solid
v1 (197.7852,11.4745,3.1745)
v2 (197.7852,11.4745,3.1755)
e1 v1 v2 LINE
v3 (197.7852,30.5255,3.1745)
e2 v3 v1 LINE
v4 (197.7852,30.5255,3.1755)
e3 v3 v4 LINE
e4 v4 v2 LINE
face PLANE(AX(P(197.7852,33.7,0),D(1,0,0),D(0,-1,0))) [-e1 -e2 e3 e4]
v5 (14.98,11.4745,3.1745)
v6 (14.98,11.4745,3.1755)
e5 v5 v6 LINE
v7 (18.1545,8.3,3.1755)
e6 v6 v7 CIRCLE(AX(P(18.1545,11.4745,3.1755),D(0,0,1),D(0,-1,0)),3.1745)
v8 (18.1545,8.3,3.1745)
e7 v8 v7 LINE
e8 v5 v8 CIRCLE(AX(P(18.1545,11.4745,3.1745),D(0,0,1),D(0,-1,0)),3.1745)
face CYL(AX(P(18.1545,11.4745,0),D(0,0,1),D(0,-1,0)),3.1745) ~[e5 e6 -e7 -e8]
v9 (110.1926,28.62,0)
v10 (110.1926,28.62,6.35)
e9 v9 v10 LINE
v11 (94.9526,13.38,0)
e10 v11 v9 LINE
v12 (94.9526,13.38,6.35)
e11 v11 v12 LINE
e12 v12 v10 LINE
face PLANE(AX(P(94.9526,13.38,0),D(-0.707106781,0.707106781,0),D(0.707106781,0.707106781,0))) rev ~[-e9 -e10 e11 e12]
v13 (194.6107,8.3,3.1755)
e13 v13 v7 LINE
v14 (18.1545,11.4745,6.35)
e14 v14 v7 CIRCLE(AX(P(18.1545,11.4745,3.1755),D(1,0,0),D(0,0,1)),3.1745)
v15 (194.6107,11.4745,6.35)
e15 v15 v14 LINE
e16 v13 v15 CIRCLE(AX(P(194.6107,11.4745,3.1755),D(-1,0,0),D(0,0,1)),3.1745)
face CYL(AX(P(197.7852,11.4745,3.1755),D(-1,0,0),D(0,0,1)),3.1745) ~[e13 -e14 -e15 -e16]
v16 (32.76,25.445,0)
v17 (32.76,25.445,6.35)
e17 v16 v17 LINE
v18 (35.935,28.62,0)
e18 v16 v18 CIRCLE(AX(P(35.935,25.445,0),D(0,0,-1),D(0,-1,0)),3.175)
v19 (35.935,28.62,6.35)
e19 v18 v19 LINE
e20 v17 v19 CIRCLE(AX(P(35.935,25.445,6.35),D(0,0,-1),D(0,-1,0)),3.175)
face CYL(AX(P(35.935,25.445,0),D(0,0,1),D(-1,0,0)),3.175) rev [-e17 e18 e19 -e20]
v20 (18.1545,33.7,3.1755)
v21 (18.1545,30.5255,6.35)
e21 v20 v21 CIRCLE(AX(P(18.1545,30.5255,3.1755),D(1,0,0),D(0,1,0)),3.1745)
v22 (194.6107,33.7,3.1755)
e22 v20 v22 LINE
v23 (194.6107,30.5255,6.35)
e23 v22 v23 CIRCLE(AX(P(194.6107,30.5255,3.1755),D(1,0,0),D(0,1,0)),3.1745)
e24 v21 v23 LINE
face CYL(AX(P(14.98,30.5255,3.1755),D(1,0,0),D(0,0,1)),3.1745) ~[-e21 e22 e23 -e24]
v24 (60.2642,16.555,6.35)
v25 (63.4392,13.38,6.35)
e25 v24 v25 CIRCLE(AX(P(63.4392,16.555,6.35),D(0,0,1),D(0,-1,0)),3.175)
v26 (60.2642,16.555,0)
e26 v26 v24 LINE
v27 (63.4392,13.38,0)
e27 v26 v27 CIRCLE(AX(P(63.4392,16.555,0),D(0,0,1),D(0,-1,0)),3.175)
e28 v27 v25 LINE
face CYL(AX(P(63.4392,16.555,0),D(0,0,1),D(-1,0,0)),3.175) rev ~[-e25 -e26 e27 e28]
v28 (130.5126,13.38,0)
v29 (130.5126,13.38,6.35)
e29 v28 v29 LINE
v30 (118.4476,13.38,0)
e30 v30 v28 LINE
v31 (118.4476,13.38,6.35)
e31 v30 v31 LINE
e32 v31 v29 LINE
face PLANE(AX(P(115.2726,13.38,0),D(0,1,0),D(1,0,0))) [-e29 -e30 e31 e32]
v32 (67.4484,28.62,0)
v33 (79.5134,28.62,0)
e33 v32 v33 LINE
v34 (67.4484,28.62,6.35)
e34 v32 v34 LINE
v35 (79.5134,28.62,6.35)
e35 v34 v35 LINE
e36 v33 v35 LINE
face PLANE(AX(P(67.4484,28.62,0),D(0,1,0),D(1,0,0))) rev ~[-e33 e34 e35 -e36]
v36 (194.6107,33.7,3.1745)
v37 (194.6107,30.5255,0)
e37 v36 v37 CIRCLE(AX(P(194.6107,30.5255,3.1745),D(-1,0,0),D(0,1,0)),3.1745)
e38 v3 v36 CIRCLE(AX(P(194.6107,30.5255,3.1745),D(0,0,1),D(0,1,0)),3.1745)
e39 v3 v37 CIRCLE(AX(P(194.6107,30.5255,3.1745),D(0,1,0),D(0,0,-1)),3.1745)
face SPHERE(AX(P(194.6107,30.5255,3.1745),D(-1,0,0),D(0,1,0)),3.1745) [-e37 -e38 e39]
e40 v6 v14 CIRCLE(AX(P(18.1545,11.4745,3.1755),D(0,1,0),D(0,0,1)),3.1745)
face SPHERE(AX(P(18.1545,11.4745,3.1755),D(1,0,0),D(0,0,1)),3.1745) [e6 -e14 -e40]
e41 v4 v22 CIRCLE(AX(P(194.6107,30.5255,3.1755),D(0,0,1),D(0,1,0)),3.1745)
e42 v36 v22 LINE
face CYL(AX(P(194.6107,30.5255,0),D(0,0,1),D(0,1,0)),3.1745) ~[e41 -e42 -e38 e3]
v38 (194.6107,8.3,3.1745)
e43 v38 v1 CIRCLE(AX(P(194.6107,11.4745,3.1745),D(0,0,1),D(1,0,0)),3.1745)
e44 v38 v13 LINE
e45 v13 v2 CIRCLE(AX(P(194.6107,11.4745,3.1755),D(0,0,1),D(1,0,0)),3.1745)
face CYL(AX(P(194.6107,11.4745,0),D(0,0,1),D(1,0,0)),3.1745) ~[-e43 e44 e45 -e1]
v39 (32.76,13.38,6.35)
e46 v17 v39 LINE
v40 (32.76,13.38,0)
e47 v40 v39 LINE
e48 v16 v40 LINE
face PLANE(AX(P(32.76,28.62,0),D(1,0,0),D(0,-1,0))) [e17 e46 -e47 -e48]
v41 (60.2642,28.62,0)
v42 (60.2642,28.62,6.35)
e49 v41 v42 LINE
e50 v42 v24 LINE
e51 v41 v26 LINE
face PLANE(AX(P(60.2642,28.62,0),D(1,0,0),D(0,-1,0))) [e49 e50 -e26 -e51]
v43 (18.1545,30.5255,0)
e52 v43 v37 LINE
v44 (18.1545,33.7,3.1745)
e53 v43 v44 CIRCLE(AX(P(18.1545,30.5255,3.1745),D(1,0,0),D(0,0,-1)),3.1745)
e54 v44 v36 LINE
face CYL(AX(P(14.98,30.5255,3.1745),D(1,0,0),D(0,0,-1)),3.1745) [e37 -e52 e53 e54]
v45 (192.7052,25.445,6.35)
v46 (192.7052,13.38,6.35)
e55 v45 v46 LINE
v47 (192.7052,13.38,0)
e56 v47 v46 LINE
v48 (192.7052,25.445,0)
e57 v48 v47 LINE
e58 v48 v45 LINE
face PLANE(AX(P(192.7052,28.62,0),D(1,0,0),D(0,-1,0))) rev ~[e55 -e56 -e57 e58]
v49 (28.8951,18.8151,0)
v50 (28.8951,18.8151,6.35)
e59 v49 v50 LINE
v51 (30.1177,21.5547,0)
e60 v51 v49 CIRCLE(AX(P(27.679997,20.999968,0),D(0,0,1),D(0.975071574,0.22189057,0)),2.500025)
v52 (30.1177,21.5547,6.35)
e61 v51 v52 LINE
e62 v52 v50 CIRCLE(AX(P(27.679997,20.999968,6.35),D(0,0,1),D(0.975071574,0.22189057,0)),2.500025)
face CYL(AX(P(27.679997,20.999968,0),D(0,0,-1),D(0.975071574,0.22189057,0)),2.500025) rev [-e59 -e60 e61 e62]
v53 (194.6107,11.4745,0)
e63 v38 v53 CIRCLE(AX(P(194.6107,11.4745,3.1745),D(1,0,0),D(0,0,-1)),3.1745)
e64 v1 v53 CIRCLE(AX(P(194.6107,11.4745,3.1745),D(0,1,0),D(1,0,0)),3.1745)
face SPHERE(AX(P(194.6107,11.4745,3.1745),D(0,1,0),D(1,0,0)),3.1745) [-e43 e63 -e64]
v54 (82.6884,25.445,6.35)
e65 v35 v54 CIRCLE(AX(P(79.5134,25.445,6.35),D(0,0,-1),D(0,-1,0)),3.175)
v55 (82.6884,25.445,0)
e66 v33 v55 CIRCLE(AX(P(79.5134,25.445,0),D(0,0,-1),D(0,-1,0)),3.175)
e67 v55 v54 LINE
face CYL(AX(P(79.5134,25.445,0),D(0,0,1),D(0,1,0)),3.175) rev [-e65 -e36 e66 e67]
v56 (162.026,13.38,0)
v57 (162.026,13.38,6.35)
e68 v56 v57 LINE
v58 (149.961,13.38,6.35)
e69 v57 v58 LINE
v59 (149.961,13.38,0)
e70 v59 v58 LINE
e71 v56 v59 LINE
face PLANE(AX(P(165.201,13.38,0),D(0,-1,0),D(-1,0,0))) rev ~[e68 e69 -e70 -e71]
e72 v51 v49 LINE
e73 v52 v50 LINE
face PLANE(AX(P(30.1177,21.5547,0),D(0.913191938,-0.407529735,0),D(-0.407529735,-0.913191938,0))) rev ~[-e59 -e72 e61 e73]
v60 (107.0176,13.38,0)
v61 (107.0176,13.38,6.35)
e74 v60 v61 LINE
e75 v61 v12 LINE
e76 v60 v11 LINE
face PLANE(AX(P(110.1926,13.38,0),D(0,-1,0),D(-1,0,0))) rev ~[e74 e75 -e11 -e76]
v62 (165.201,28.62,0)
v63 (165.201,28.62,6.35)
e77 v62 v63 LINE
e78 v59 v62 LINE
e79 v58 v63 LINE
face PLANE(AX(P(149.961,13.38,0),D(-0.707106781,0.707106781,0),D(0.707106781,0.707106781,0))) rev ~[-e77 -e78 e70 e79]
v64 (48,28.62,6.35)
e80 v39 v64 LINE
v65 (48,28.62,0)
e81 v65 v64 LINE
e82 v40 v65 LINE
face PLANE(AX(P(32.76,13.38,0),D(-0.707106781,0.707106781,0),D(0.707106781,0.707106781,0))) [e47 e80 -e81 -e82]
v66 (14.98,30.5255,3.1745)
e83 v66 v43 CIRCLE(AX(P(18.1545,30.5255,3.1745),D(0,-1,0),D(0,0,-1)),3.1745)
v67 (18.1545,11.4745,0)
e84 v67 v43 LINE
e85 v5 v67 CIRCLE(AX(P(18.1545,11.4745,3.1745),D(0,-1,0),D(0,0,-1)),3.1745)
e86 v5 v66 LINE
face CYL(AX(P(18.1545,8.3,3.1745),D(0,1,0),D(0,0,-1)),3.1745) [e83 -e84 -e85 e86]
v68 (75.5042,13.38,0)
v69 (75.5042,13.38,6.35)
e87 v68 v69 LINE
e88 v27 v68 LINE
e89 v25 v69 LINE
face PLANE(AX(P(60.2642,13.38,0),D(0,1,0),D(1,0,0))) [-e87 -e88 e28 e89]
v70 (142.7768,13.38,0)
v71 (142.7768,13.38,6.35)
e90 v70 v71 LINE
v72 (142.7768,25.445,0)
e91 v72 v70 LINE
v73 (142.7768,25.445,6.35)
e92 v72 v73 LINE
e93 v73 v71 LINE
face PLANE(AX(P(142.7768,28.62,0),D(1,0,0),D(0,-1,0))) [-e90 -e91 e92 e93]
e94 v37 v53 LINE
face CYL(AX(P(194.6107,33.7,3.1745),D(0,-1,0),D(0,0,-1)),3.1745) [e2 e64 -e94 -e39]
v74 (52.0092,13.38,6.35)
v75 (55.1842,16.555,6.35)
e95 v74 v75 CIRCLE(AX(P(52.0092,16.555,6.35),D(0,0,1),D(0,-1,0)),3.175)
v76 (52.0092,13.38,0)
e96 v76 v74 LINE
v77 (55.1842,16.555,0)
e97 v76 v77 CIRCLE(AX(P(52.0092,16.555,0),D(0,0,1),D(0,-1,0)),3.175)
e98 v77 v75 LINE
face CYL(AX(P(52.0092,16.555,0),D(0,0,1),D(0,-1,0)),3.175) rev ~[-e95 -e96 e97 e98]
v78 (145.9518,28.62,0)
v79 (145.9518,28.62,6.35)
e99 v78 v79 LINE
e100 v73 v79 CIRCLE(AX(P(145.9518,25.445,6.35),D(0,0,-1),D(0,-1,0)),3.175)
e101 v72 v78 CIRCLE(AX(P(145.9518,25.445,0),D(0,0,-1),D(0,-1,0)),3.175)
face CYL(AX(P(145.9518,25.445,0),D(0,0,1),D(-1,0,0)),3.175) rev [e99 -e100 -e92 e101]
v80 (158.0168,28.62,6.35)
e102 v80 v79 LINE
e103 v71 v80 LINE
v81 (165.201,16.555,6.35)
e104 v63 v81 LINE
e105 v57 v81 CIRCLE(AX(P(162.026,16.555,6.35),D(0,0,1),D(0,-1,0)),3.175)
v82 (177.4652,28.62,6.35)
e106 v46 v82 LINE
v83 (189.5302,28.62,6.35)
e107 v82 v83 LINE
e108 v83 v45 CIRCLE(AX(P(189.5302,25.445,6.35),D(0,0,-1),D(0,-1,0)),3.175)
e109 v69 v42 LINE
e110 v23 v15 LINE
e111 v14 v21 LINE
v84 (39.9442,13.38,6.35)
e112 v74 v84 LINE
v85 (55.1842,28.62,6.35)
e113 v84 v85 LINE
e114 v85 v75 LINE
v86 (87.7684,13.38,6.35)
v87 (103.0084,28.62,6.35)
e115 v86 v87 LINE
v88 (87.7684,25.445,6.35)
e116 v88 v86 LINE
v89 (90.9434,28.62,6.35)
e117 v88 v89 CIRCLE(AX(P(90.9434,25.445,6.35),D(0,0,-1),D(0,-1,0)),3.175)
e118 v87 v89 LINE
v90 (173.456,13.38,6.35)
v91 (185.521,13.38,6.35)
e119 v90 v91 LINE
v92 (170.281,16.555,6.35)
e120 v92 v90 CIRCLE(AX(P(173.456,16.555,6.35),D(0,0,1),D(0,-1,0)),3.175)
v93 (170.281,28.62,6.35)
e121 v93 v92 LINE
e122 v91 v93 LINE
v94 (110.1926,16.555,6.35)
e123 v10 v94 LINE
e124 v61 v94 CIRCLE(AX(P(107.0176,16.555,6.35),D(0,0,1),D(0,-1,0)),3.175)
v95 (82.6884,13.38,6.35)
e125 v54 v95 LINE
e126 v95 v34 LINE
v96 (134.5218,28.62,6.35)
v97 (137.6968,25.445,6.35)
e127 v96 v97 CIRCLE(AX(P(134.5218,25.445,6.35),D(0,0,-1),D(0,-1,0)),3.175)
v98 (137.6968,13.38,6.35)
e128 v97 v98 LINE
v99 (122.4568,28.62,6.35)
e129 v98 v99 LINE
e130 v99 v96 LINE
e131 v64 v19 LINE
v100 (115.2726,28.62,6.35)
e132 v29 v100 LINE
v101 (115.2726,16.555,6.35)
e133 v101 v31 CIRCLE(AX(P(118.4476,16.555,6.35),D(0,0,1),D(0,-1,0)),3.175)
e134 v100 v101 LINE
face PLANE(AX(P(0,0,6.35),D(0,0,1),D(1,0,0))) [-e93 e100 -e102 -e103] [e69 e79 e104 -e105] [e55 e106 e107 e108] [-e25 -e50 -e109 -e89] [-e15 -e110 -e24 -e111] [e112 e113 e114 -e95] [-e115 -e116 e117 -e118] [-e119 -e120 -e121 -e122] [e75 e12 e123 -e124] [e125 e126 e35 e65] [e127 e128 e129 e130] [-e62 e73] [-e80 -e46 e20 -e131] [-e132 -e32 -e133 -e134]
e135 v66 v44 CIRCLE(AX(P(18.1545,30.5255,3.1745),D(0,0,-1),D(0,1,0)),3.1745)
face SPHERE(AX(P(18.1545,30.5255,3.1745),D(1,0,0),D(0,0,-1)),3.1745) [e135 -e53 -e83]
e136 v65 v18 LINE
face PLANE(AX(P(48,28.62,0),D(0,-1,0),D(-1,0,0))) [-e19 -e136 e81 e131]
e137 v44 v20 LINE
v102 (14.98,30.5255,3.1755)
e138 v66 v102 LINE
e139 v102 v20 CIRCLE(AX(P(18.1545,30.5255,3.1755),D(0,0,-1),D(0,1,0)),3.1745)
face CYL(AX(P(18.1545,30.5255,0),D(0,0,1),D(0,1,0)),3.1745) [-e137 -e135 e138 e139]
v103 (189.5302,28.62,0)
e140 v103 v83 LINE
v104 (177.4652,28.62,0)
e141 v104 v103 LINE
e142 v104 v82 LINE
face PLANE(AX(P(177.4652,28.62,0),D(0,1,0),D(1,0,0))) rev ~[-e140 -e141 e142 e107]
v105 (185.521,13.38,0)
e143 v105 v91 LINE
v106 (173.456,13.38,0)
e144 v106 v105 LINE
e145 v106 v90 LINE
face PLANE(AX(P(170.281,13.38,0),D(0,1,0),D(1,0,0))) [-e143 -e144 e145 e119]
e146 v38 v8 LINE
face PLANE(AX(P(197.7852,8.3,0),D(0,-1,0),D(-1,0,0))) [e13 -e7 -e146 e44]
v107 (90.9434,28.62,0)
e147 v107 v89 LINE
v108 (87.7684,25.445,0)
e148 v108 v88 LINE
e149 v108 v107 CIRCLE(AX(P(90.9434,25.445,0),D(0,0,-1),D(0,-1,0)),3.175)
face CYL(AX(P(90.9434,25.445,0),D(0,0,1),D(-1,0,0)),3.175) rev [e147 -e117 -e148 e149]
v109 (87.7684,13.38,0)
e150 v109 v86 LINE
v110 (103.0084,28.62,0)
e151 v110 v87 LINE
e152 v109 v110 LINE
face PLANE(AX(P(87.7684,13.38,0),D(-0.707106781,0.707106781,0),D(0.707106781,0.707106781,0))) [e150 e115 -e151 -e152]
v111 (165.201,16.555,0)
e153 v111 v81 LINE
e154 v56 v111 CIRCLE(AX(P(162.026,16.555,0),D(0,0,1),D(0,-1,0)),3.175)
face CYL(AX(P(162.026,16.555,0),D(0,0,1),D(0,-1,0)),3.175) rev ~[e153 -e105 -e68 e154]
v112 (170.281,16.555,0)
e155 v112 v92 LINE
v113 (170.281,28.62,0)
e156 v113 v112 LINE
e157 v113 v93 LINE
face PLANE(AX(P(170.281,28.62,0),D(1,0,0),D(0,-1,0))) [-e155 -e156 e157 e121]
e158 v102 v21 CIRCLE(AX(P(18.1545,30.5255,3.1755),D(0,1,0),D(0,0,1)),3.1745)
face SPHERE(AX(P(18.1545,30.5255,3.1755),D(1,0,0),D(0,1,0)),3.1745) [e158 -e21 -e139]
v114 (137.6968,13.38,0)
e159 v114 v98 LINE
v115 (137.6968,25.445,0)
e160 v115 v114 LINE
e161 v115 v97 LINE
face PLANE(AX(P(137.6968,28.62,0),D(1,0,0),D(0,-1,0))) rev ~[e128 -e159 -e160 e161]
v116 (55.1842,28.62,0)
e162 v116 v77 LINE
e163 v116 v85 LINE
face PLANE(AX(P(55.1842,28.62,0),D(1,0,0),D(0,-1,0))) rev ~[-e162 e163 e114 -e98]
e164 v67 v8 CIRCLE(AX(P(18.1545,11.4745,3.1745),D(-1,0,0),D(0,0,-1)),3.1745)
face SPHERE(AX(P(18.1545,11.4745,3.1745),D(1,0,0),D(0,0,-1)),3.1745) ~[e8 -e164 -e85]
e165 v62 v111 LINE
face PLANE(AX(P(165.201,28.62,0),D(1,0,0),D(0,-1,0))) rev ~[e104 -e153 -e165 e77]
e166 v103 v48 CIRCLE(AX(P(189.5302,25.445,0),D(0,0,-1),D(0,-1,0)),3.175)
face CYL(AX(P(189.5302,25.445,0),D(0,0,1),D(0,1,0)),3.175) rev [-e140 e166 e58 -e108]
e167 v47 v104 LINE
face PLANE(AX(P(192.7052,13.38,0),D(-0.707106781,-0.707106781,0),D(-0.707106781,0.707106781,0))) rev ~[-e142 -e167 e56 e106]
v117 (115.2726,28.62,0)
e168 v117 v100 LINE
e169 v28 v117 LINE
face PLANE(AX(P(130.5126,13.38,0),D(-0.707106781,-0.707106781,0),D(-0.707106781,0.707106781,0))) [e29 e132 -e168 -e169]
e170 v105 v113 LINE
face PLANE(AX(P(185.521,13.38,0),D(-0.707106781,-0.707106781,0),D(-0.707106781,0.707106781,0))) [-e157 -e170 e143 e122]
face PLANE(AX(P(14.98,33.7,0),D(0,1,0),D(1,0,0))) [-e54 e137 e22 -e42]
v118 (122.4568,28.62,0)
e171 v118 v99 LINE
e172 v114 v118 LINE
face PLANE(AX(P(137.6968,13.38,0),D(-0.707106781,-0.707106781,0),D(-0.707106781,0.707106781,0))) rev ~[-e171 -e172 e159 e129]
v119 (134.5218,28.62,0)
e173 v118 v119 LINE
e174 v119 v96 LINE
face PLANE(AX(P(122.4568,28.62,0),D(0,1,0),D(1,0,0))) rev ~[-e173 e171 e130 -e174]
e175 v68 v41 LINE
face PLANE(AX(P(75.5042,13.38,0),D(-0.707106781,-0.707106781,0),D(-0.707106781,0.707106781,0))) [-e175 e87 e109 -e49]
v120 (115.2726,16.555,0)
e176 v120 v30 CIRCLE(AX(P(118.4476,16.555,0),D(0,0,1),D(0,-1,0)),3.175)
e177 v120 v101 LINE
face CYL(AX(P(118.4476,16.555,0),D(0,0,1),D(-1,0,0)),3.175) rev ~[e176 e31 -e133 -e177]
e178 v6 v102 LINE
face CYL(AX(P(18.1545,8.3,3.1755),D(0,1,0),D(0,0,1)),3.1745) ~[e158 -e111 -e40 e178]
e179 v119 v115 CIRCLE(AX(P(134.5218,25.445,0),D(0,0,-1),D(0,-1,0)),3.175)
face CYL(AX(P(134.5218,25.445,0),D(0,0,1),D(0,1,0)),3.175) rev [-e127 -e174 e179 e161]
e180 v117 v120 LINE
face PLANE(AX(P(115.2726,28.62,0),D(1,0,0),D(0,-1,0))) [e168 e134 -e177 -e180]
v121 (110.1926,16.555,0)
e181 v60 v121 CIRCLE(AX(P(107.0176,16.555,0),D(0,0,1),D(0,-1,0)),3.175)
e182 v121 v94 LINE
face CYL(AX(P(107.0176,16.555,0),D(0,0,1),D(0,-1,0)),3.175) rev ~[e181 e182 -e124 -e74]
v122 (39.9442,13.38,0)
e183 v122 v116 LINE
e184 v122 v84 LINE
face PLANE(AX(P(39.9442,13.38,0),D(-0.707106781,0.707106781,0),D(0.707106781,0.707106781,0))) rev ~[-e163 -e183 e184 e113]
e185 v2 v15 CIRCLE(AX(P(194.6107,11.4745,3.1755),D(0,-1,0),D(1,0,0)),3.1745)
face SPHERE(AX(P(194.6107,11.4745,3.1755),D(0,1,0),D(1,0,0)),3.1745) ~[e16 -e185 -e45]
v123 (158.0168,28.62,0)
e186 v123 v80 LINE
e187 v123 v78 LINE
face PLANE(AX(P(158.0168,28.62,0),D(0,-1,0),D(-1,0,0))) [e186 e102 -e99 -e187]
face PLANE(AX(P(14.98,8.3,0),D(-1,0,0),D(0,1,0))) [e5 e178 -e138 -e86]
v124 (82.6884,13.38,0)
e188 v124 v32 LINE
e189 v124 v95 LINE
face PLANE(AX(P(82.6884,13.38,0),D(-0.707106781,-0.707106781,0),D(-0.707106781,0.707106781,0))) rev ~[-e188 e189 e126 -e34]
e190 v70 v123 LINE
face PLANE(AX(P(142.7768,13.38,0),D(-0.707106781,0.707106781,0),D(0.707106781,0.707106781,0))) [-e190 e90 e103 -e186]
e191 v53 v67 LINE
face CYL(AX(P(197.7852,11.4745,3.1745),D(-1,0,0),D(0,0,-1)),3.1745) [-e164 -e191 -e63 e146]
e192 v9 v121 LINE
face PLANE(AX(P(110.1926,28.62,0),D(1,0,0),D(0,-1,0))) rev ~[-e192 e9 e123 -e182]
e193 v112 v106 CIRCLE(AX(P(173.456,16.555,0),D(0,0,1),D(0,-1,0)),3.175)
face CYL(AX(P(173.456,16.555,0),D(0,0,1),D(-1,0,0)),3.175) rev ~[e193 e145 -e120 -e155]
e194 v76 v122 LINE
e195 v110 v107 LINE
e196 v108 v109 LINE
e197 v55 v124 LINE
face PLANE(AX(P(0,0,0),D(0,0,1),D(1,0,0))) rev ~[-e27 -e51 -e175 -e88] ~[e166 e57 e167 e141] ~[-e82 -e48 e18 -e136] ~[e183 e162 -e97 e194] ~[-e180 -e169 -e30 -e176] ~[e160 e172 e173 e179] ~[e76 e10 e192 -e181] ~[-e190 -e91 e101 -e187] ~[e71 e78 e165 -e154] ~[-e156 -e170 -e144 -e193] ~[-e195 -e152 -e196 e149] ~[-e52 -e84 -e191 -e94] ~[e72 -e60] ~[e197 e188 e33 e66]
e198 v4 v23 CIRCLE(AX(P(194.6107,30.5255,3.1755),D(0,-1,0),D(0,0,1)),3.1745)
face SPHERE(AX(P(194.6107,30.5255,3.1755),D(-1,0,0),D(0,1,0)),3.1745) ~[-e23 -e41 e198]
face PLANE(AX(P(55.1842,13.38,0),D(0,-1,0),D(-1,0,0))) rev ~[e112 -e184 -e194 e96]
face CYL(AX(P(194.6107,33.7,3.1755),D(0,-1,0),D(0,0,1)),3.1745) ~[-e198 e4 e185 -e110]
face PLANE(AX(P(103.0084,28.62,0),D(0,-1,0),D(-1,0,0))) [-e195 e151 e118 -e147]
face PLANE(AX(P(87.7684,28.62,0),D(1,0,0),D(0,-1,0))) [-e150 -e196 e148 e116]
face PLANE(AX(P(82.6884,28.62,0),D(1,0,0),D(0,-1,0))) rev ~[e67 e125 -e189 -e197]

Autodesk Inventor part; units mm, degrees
ref_plane "YZ Plane" through (0, 0, 0) normal (1, 0, 0) x (0, 1, 0)
ref_plane "XZ Plane" through (0, 0, 0) normal (0, 1, 0) x (-1, 0, 0)
ref_plane "XY Plane" through (0, 0, 0) normal (0, 0, 1) x (1, 0, 0)
sketch "Sketch1" plane through (0, 0, 0) normal (0, 0, 1) x (1, 0, 0)
  line L0 (14.98, 33.7) -> (197.7852, 33.7)
  line L1 (197.7852, 8.3) -> (14.98, 8.3)
  line L2 (14.98, 8.3) -> (14.98, 33.7)
  arc A0 (30.1177, 21.5547) -> (28.8951, 18.8151) centre (27.68, 21) ccw projected
  line L3 (30.1177, 21.5547) -> (28.8951, 18.8151)
  line L4 (-3.175, 42) -> (-122.9515, 42) projected
  line L5 (137.6968, 28.62) -> (137.6968, 13.38)
  line L6 (137.6968, 13.38) -> (122.4568, 28.62)
  line L7 (122.4568, 28.62) -> (137.6968, 28.62)
  line L8 (130.5126, 13.38) -> (115.2726, 28.62)
  line L9 (115.2726, 28.62) -> (115.2726, 13.38)
  line L10 (115.2726, 13.38) -> (130.5126, 13.38)
  line L11 (112.7326, 10.7487) -> (112.7326, 41.4812) construction
  line L12 (87.7684, 28.62) -> (87.7684, 13.38)
  line L13 (87.7684, 13.38) -> (103.0084, 28.62)
  line L14 (103.0084, 28.62) -> (87.7684, 28.62)
  line L15 (94.9526, 13.38) -> (110.1926, 28.62)
  line L16 (110.1926, 28.62) -> (110.1926, 13.38)
  line L17 (110.1926, 13.38) -> (94.9526, 13.38)
  line L18 (85.2284, 8.9371) -> (85.2284, 32.7241) construction
  line L19 (32.76, 28.62) -> (32.76, 13.38)
  line L20 (32.76, 13.38) -> (48, 28.62)
  line L21 (48, 28.62) -> (32.76, 28.62)
  line L22 (39.9442, 13.38) -> (55.1842, 28.62)
  line L23 (55.1842, 28.62) -> (55.1842, 13.38)
  line L24 (55.1842, 13.38) -> (39.9442, 13.38)
  line L25 (82.6884, 28.62) -> (82.6884, 13.38)
  line L26 (82.6884, 13.38) -> (67.4484, 28.62)
  line L27 (67.4484, 28.62) -> (82.6884, 28.62)
  line L28 (75.5042, 13.38) -> (60.2642, 28.62)
  line L29 (60.2642, 13.38) -> (75.5042, 13.38)
  line L30 (60.2642, 28.62) -> (60.2642, 13.38)
  line L31 (140.2368, 33.7) -> (140.2368, 8.3) construction
  line L32 (142.7768, 28.62) -> (142.7768, 13.38)
  line L33 (142.7768, 13.38) -> (158.0168, 28.62)
  line L34 (158.0168, 28.62) -> (142.7768, 28.62)
  line L35 (149.961, 13.38) -> (165.201, 28.62)
  line L36 (165.201, 28.62) -> (165.201, 13.38)
  line L37 (165.201, 13.38) -> (149.961, 13.38)
  line L38 (192.7052, 28.62) -> (192.7052, 13.38)
  line L39 (192.7052, 13.38) -> (177.4652, 28.62)
  line L40 (177.4652, 28.62) -> (192.7052, 28.62)
  line L41 (185.521, 13.38) -> (170.281, 28.62)
  line L42 (170.281, 13.38) -> (185.521, 13.38)
  line L43 (170.281, 28.62) -> (170.281, 13.38)
  line L44 (197.7852, 33.7) -> (197.7852, 8.3)
  point P0 (0, 0)
  dimension "d0" = 12.7
  dimension "d1" = 12.7
  dimension "d2" = 12.7
  dimension "d7" = 45
  dimension "d9" = 5.08
  dimension "d10" = 5.08
  dimension "d11" = 5.08
  dimension "d12" = 0
  dimension "d14" = 2.54
  dimension "d15" = 2.54
  dimension "d16" = 5.08
  dimension "d23" = 2.54
  dimension "d24" = 5.08
extrude "Extrusion3" add sketch "Sketch1" along normal blind 6.35
fillet "Fillet5" radius 3.175 12 edges at (165.201, 13.38, 3.175) (170.281, 13.38, 3.175) (192.7052, 28.62, 3.175) (142.7768, 28.62, 3.175) (137.6968, 28.62, 3.175) (115.2726, 13.38, 3.175) (110.1926, 13.38, 3.175) (87.7684, 28.62, 3.175) (82.6884, 28.62, 3.175) (60.2642, 13.38, 3.175) (55.1842, 13.38, 3.175) (32.76, 28.62, 3.175)
fillet "Fillet6" radius 3.175 12 edges at (106.3826, 33.7, 6.35) (106.3826, 33.7, 0) (197.7852, 33.7, 3.175) (197.7852, 21, 6.35) (197.7852, 21, 0) (197.7852, 8.3, 3.175) (106.3826, 8.3, 6.35) (106.3826, 8.3, 0) (14.98, 21, 0) (14.98, 33.7, 3.175) (14.98, 21, 6.35) (14.98, 8.3, 3.175)
equation "\"d1\" = d0"
equation "\"d24\" = d9"
properties part number "endarm"
